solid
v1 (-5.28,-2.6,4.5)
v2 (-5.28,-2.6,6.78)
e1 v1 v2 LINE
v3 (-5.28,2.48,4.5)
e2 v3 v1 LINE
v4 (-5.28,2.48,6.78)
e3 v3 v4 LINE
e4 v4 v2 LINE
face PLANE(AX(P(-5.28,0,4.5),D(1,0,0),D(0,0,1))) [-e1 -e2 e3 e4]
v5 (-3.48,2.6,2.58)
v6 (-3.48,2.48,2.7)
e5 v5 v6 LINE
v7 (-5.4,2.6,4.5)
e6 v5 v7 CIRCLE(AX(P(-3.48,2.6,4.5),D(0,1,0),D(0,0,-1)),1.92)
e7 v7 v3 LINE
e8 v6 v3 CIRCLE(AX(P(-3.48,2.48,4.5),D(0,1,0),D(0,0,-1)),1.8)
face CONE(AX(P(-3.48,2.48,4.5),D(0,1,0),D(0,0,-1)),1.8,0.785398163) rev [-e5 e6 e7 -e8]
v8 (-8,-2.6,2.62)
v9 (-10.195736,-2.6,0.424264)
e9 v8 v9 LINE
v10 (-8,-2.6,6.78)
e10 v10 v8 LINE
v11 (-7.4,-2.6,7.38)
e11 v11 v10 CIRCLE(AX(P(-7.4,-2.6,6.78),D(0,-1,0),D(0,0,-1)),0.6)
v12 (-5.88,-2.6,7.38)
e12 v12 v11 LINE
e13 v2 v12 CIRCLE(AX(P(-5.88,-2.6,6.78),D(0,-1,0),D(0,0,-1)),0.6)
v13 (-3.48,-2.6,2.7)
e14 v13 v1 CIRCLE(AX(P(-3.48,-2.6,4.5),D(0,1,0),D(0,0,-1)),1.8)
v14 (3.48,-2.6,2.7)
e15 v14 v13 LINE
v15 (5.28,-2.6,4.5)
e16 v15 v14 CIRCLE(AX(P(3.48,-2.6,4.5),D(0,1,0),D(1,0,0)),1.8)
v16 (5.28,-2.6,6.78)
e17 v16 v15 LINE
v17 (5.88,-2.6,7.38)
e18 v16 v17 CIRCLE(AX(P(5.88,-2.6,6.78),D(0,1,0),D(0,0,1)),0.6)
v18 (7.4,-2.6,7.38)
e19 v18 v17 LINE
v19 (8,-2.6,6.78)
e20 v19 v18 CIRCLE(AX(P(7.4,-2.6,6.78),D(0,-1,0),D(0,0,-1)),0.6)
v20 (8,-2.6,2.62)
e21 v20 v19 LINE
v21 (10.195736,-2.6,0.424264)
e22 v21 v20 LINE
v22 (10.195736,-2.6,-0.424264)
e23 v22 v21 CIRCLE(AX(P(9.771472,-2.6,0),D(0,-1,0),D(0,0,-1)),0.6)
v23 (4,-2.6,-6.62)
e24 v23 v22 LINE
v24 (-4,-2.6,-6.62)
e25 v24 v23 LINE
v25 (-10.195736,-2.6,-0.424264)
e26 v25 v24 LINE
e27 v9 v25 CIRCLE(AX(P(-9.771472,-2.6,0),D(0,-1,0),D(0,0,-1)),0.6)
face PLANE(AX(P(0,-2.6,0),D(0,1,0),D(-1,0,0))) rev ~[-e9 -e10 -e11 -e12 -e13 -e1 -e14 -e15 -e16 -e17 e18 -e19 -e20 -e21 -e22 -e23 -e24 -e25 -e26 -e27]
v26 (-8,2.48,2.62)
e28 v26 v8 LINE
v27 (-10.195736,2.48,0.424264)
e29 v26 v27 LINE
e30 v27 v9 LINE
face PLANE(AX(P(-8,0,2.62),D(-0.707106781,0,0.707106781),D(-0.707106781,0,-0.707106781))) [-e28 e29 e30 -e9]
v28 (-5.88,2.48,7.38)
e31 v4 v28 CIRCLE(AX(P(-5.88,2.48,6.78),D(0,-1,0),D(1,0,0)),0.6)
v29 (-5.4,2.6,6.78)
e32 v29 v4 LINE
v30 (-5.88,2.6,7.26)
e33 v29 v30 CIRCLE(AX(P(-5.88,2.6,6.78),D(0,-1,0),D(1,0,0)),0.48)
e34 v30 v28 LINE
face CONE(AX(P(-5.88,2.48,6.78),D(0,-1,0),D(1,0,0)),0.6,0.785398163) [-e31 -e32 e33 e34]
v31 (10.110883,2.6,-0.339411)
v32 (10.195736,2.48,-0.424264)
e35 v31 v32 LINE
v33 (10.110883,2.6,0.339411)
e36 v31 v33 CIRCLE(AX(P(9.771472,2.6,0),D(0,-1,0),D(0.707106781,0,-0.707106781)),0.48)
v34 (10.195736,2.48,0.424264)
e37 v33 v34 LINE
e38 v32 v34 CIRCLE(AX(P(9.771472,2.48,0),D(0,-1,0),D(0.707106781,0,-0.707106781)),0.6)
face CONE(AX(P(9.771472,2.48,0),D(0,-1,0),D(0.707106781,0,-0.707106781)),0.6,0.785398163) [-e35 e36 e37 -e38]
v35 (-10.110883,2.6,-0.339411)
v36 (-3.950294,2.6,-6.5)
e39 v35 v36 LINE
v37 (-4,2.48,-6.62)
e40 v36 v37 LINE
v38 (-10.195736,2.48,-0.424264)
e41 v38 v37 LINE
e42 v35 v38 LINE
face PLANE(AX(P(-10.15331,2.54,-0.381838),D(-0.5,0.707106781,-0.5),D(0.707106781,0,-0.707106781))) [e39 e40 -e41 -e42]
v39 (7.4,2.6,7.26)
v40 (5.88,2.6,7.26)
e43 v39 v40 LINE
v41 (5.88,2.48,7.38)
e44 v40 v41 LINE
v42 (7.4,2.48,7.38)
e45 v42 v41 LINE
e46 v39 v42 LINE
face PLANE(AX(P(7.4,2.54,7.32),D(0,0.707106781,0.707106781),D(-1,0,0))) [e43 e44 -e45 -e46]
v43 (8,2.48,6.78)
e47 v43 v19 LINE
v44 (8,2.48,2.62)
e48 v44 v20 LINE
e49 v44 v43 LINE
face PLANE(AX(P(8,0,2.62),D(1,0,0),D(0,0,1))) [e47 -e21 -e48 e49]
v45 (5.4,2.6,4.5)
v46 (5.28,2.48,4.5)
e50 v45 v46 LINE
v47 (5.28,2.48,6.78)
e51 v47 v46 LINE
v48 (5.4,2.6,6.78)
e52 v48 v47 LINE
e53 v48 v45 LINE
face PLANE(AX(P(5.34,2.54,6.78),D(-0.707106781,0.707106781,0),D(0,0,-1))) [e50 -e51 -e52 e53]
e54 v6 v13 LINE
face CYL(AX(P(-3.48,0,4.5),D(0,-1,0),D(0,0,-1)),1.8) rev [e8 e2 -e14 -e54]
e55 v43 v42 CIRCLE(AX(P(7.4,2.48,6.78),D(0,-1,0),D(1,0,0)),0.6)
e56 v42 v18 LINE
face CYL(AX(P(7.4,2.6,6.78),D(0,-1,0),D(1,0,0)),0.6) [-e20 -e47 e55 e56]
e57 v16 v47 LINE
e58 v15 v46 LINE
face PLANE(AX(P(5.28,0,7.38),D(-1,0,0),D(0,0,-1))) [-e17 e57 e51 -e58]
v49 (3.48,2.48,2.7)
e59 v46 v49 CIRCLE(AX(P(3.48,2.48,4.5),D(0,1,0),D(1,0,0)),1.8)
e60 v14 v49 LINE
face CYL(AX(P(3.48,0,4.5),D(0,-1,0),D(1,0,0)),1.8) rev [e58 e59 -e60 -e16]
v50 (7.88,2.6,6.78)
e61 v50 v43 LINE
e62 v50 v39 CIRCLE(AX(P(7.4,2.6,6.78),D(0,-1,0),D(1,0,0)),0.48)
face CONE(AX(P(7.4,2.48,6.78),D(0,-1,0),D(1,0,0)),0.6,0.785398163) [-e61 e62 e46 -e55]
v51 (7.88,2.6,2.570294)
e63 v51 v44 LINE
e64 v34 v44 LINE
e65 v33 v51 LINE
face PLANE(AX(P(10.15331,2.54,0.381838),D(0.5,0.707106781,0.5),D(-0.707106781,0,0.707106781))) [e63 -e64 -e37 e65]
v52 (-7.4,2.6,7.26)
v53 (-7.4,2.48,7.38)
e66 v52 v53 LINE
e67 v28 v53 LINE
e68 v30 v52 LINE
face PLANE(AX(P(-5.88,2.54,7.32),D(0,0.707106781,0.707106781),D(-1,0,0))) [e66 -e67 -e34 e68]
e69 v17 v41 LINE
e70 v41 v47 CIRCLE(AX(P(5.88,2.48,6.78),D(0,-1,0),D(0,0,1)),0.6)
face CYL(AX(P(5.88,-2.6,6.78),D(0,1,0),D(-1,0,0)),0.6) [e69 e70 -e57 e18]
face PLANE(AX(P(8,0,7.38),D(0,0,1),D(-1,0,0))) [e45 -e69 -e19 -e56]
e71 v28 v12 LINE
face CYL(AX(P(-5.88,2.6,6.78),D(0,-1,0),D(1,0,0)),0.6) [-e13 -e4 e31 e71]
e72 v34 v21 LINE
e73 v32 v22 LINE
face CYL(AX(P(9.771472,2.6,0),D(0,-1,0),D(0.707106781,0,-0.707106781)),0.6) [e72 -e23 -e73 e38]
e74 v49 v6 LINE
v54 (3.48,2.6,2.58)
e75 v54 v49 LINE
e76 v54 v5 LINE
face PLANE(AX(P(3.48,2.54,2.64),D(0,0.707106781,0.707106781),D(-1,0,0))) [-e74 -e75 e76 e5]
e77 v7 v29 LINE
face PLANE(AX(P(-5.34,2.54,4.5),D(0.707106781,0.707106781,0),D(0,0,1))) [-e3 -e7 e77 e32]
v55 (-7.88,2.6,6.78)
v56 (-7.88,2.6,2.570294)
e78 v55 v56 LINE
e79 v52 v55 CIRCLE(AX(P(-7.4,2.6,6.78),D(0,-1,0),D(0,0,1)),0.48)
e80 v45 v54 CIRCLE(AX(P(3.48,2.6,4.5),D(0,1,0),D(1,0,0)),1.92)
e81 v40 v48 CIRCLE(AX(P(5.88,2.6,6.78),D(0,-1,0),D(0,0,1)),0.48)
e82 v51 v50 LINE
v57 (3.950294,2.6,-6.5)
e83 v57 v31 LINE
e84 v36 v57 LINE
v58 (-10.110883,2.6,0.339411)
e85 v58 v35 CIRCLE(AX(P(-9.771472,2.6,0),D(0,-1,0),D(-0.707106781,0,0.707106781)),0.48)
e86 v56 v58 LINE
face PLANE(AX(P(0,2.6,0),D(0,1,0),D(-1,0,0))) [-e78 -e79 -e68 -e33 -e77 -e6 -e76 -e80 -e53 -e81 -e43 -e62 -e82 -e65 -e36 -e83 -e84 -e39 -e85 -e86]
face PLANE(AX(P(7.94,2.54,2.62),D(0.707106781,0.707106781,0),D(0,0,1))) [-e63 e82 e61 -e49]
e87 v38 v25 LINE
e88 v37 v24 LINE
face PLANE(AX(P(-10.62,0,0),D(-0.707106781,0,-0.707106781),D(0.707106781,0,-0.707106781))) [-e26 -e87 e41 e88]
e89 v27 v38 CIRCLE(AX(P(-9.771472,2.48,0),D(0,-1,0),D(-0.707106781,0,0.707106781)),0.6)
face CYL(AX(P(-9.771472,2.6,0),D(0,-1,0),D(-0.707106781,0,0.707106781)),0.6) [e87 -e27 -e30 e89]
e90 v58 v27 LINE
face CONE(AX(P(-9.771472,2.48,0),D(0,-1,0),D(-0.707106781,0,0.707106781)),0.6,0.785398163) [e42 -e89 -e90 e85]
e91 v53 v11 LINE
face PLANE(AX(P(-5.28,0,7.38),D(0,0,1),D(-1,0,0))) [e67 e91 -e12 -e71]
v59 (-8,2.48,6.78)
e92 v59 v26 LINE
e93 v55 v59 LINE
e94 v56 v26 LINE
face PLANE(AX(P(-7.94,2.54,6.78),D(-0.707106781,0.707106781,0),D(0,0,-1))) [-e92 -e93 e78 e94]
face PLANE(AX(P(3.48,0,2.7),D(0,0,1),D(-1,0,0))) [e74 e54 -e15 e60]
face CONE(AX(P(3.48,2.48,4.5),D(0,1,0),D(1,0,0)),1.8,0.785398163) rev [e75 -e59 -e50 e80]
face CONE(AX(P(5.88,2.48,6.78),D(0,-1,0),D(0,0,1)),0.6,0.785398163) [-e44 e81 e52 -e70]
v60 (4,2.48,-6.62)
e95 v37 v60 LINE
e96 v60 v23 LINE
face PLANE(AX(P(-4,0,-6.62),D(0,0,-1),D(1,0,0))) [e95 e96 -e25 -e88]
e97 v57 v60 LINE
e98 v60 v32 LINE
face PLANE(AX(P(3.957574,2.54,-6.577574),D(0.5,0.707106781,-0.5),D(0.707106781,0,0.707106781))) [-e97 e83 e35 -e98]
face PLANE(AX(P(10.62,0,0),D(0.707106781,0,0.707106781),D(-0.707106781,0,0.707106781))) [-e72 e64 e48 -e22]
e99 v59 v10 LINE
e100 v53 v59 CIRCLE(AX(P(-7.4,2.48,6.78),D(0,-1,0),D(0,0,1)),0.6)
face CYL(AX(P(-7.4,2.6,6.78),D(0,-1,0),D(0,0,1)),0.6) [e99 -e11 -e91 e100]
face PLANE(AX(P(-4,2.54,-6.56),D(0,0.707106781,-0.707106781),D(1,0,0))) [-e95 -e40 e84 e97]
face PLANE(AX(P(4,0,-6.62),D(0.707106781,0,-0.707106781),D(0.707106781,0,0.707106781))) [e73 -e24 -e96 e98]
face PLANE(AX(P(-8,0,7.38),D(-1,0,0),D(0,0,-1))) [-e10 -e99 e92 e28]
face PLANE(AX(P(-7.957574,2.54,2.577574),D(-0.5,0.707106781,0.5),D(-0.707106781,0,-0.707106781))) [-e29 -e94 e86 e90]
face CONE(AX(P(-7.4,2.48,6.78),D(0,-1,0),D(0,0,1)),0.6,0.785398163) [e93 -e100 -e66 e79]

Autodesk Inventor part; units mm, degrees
ref_plane "YZ Plane" through (0, 0, 0) normal (1, 0, 0) x (0, 1, 0)
ref_plane "XZ Plane" through (0, 0, 0) normal (0, 1, 0) x (-1, 0, 0)
ref_plane "XY Plane" through (0, 0, 0) normal (0, 0, 1) x (1, 0, 0)
sketch "Sketch2" plane through (0, 0, 0) normal (0, 1, 0) x (-1, 0, 0)
  line L0 (-3.48, 2.7) -> (3.48, 2.7)
  arc A0 (3.48, 2.7) -> (5.28, 4.5) centre (3.48, 4.5) ccw
  line L1 (5.28, 4.5) -> (5.28, 7.38)
  line L2 (5.28, 7.38) -> (8, 7.38)
  line L3 (8, 7.38) -> (8, 2.62)
  line L4 (8, 2.62) -> (10.62, 0)
  line L5 (10.62, 0) -> (4, -6.62)
  line L6 (4, -6.62) -> (-4, -6.62)
  line L7 (-4, -6.62) -> (-10.62, 0)
  line L8 (-10.62, 0) -> (-8, 2.62)
  line L9 (-8, 2.62) -> (-8, 7.38)
  line L10 (-8, 7.38) -> (-5.28, 7.38)
  line L11 (-5.28, 7.38) -> (-5.28, 4.5)
  arc A1 (-5.28, 4.5) -> (-3.48, 2.7) centre (-3.48, 4.5) ccw
  point P0 (0, 0)
  point P1 (0, 2.7)
  point P2 (0, -6.62)
  dimension "d0" = 1.8
  dimension "d1" = 4.68
  dimension "d2" = 2.72
  dimension "d3" = 10.56
  dimension "d4" = 4.76
  dimension "d5" = 9.32
  dimension "d6" = 8
extrude "Extrusion1" add sketch "Sketch2" along normal mid plane 5.2
fillet "Fillet1" radius 0.6 6 edges at (-8, 0, 7.38) (-5.28, 0, 7.38) (5.28, 0, 7.38) (8, 0, 7.38) (10.62, 0, 0) (-10.62, 0, 0)
chamfer "Chamfer1" distance 0.12 angle 45 20 edges at (-8, 2.6, 4.7) (-7.8243, 2.6, 7.2043) (-6.64, 2.6, 7.38) (-5.4557, 2.6, 7.2043) (-5.28, 2.6, 5.64) (-4.7528, 2.6, 3.2272) (0, 2.6, 2.7) (4.7528, 2.6, 3.2272) (5.28, 2.6, 5.64) (5.4557, 2.6, 7.2043) (6.64, 2.6, 7.38) (7.8243, 2.6, 7.2043) (8, 2.6, 4.7) (-9.0979, 2.6, 1.5221) (-10.3715, 2.6, 0) (-7.0979, 2.6, -3.5221) (0, 2.6, -6.62) (7.0979, 2.6, -3.5221) (10.3715, 2.6, 0) (9.0979, 2.6, 1.5221)
equation "\"d6\" = lu"
equation "\"lu\" = 8"
properties part number "99147-LtBluishGray" material "ABS Plastic"
